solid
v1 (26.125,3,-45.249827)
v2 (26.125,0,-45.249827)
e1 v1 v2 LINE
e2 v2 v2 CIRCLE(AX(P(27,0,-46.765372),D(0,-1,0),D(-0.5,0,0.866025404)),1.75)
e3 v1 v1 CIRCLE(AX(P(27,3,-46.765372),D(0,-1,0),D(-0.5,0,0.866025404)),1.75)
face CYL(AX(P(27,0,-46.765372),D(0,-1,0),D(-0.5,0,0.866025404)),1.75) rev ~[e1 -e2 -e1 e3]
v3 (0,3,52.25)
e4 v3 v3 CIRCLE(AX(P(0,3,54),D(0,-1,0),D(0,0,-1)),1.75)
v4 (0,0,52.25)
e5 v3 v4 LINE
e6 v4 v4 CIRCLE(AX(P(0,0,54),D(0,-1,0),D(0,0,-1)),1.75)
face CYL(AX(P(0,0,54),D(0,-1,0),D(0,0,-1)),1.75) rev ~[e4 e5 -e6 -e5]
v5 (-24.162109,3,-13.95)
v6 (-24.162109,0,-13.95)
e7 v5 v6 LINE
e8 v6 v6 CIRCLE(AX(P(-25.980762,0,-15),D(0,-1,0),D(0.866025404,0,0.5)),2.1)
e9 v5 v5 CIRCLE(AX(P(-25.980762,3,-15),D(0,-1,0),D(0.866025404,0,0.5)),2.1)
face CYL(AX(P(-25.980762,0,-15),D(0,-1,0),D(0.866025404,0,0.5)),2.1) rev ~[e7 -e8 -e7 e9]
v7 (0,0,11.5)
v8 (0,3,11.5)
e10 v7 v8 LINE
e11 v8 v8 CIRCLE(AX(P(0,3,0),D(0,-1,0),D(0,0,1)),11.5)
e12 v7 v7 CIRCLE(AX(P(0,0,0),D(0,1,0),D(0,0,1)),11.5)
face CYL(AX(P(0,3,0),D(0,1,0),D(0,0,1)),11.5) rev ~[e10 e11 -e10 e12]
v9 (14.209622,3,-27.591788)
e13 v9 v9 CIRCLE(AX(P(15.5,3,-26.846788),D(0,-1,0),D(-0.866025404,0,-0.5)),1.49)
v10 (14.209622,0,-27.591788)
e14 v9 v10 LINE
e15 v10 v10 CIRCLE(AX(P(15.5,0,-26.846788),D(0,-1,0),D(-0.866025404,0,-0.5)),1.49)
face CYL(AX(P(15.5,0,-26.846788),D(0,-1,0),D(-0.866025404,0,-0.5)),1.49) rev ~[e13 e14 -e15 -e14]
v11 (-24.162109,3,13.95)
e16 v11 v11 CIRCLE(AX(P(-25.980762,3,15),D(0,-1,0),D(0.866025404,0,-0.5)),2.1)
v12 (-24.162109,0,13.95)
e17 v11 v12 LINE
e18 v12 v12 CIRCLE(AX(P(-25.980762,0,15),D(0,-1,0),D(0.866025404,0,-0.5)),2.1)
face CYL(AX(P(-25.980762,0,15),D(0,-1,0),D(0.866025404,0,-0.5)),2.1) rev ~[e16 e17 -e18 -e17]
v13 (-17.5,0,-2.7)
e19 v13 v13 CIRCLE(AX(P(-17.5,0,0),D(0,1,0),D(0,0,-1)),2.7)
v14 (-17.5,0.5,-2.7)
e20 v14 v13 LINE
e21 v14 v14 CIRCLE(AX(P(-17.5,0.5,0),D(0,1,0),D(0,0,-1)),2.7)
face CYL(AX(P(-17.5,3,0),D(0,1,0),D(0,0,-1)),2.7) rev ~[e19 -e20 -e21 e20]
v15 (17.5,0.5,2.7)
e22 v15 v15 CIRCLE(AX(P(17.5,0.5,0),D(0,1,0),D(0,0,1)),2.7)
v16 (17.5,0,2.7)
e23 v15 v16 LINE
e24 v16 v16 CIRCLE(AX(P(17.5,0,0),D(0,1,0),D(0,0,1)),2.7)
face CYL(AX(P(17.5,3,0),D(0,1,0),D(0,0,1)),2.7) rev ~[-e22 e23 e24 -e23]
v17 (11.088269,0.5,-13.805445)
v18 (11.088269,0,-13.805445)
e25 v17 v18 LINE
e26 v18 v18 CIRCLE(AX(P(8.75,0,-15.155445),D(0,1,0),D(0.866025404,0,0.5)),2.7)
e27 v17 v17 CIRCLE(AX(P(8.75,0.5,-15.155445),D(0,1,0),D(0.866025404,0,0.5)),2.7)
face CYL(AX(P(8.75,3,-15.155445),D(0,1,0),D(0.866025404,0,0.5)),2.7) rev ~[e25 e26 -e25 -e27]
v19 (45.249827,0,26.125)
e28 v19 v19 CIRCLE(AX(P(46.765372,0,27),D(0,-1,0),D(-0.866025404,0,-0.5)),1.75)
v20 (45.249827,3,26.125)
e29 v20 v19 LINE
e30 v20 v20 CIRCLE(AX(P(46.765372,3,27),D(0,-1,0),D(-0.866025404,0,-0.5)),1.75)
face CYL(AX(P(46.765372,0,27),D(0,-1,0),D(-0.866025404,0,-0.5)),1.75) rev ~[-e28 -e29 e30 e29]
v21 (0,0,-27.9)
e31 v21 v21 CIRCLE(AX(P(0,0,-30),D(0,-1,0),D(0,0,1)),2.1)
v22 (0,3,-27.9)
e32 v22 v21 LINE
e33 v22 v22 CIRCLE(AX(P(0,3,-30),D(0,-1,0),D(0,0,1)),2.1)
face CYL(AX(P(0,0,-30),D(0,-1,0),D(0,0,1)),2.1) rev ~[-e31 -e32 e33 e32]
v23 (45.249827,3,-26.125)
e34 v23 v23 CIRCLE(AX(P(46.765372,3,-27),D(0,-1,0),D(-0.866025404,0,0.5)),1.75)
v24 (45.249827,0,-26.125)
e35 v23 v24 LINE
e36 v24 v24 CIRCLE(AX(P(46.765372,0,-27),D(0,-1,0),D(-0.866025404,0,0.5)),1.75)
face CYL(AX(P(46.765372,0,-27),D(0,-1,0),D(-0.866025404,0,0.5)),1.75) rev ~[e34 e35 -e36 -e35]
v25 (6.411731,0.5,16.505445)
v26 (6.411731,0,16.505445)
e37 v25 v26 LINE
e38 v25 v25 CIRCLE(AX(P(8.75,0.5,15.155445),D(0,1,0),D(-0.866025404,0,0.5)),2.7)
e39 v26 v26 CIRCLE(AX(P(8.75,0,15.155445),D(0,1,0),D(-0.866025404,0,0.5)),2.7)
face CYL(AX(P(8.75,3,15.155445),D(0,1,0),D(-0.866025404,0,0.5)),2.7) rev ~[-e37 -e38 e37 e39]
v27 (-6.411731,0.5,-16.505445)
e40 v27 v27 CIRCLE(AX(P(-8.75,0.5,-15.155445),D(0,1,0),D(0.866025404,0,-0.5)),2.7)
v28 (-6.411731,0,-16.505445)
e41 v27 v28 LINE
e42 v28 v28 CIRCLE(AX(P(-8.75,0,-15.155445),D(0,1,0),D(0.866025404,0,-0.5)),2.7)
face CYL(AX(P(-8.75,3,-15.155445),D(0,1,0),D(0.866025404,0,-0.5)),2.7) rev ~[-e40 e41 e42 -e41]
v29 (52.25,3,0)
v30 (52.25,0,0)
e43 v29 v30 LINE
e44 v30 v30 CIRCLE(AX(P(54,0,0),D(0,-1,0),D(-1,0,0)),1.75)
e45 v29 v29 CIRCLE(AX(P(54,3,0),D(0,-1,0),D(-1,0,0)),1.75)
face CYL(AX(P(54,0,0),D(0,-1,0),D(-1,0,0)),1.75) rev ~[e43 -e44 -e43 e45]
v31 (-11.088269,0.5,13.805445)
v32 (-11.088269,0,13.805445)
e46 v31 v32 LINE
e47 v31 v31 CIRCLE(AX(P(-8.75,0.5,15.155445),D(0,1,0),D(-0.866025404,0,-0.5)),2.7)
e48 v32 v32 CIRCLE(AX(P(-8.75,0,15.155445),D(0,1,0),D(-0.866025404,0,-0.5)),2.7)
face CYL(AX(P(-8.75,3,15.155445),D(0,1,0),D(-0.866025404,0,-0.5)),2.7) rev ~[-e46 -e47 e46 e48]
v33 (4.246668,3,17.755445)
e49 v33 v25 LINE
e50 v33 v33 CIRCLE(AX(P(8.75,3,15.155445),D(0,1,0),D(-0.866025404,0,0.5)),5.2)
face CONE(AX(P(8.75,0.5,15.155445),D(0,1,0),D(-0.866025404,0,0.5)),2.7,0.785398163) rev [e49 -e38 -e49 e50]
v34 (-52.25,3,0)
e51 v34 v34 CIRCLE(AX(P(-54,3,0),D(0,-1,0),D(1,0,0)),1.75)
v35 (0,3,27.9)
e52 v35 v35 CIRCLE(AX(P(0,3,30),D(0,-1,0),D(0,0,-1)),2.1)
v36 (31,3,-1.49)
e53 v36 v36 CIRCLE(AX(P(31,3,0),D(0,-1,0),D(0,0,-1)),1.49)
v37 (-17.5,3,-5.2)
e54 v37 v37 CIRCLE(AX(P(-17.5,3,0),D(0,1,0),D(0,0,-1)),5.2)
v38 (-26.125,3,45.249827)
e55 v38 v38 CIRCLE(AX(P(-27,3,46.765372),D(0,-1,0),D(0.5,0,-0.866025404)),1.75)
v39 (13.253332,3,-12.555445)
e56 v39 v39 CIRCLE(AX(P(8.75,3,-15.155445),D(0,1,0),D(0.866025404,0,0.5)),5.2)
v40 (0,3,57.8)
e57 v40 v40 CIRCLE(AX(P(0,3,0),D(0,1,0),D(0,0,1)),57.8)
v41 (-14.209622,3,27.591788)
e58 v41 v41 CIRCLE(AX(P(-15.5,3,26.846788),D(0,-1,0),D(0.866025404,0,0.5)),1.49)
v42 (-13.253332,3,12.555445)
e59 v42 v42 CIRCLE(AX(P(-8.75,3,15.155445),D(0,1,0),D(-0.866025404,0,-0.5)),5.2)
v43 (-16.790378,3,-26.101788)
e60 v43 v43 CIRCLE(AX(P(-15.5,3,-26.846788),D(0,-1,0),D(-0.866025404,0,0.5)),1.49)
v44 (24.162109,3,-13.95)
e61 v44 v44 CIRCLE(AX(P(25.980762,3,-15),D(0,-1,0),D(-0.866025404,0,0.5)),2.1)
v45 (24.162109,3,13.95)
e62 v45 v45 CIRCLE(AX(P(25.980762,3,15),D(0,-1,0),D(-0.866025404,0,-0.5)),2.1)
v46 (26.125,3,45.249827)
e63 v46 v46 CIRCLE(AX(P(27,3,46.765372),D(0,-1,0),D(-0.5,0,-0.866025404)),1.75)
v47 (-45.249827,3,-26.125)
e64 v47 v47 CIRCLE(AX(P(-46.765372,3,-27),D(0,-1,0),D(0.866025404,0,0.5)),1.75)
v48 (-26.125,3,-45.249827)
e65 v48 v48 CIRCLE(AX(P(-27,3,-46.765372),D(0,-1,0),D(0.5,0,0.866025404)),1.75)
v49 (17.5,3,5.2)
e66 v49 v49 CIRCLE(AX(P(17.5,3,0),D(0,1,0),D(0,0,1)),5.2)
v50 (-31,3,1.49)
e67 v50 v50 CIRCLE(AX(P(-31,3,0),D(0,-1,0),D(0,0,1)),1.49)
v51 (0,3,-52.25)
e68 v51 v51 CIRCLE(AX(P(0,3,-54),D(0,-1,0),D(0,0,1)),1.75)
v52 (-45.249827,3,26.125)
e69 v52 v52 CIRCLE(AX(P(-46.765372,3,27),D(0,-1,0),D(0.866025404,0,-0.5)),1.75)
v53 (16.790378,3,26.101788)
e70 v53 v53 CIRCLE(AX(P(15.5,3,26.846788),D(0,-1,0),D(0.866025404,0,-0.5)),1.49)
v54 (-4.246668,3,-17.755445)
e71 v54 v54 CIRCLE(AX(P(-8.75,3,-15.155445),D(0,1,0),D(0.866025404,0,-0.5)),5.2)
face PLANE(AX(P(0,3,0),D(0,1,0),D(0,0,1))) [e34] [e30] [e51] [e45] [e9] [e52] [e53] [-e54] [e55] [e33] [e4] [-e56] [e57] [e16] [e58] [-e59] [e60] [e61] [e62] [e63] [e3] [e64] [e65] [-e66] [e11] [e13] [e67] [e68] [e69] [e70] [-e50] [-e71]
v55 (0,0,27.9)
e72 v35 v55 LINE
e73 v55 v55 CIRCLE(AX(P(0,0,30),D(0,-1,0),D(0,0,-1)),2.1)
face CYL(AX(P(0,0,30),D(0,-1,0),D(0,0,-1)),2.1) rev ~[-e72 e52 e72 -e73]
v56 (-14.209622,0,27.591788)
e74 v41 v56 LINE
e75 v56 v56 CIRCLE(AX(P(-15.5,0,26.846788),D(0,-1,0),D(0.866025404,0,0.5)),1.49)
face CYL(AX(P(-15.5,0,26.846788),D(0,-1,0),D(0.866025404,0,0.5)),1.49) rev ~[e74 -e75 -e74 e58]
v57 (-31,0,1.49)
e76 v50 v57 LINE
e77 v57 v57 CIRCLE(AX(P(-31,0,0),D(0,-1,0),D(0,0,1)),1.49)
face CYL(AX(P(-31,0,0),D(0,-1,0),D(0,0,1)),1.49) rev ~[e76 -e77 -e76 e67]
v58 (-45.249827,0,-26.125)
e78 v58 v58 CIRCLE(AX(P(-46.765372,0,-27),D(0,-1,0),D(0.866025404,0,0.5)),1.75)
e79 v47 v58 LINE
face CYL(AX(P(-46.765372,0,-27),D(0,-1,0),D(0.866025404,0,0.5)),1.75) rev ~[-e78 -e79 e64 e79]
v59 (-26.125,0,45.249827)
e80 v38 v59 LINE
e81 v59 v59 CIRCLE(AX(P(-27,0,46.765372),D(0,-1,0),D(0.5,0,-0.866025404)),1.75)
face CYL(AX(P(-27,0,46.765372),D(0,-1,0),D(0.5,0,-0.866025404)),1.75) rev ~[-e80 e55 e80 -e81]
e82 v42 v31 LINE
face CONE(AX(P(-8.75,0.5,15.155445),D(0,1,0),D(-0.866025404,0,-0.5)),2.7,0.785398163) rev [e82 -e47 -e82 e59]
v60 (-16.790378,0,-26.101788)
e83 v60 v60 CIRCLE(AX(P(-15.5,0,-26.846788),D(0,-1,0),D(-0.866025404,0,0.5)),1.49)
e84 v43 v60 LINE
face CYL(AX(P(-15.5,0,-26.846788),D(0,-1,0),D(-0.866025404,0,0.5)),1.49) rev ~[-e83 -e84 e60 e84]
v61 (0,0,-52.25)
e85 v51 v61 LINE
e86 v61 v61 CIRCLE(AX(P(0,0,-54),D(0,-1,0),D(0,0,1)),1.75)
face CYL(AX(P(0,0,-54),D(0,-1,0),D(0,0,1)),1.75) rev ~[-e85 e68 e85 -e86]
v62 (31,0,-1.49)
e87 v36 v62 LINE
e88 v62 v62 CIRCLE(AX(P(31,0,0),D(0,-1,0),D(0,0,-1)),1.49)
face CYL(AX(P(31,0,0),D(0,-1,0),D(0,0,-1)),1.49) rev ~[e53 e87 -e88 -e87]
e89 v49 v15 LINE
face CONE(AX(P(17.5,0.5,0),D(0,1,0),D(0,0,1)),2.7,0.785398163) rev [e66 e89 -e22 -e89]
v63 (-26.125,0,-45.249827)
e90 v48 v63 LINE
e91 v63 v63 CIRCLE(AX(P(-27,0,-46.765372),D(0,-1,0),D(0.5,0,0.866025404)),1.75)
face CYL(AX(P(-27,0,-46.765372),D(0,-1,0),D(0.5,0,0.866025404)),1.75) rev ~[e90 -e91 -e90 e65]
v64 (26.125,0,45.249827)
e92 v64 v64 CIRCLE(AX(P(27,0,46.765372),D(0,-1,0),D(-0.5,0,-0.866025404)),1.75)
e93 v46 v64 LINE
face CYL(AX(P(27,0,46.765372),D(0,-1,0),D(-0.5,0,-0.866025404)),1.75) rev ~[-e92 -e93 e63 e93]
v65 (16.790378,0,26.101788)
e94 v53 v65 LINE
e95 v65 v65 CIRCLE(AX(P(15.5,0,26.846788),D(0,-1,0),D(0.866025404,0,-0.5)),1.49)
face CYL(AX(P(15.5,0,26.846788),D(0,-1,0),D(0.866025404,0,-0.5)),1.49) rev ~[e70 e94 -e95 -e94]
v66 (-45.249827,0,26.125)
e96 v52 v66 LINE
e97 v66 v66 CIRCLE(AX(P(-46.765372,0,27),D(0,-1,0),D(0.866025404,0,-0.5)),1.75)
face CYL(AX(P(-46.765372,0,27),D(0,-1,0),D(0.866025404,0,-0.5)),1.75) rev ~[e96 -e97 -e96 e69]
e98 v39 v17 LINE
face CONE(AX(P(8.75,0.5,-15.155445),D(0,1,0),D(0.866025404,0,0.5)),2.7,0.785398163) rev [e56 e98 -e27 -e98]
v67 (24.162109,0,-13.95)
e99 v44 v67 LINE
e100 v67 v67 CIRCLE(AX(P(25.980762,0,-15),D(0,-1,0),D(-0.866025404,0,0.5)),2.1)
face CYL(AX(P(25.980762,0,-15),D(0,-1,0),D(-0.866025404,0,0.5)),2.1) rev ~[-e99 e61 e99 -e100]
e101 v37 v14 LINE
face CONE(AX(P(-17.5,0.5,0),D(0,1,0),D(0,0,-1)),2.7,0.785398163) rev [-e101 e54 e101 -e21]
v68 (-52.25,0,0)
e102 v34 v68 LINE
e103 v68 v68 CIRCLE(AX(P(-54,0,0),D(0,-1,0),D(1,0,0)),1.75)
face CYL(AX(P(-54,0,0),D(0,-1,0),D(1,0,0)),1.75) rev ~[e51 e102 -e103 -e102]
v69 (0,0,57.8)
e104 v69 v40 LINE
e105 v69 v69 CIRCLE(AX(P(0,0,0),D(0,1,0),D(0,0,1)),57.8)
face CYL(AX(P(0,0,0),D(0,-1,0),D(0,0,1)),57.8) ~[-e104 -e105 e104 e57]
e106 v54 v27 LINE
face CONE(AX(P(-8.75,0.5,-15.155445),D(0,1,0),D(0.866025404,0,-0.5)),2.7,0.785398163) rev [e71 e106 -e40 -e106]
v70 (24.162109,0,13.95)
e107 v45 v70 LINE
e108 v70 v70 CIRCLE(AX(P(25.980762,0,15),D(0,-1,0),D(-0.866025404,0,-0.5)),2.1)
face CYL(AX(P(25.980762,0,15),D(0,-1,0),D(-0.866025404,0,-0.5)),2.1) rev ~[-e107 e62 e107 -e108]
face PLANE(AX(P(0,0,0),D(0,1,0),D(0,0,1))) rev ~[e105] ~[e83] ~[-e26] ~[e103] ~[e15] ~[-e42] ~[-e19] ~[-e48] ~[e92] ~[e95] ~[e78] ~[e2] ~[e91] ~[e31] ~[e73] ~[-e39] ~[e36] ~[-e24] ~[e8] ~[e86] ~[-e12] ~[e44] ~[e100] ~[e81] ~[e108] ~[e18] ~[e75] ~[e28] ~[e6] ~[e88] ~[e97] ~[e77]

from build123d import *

# Parameters (mm, degrees)
SKETCH_1_R               = 57.8
EXTRUDE_1_DEPTH          = 3
SKETCH_2_R               = 1.75
CUT_EXTRUDE_1_DEPTH      = 82.796576945
PATTERN_CIRCULAR_1_COUNT = 12
SKETCH_3_R               = 2.1
CUT_EXTRUDE_2_DEPTH      = 82.796576945
PATTERN_CIRCULAR_2_COUNT = 6
SKETCH_4_R               = 1.49
CUT_EXTRUDE_3_DEPTH      = 82.796576945
PATTERN_CIRCULAR_3_COUNT = 6
SKETCH_5_R               = 2.7
SKETCH_5_R_2             = 11.5
CUT_EXTRUDE_4_DEPTH      = 82.796576945
PATTERN_CIRCULAR_4_COUNT = 6
CHAMFER_1_SIZE           = 2.5


with BuildPart() as part:
    # 草图1 → 凸台-拉伸1 (new body)
    with BuildSketch(Plane(origin=(0, 0, 0), x_dir=(1, 0, 0), z_dir=(0, 1, 0))):
        with Locations(Location((0, 0, 0), (0, 0, 270))):
            Circle(SKETCH_1_R)
    extrude(amount=EXTRUDE_1_DEPTH)

    # 草图2 → 切除-拉伸1 (cut, symmetric)
    with BuildSketch(Plane.XZ):
        with Locations(Location((0, 54, 0), (0, 0, 270))):
            Circle(SKETCH_2_R)
    cut_extrude_1 = extrude(amount=CUT_EXTRUDE_1_DEPTH, both=True, mode=Mode.SUBTRACT)

    # 阵列(圆周)1: 切除-拉伸1 ×12 about axis
    pattern_circular_1_axis = Axis((0, 0, 0), (0, 1, 0))
    for i in range(1, PATTERN_CIRCULAR_1_COUNT):
        add(cut_extrude_1.rotate(pattern_circular_1_axis, i * 360 / PATTERN_CIRCULAR_1_COUNT), mode=Mode.SUBTRACT)

    # 草图3 → 切除-拉伸2 (cut, symmetric)
    with BuildSketch(Plane.XZ):
        with Locations(Location((0, 30, 0), (0, 0, 270))):
            Circle(SKETCH_3_R)
    cut_extrude_2 = extrude(amount=CUT_EXTRUDE_2_DEPTH, both=True, mode=Mode.SUBTRACT)

    # 阵列(圆周)2: 切除-拉伸2 ×6 about axis
    pattern_circular_2_axis = Axis((0, 0, 0), (0, 1, 0))
    for i in range(1, PATTERN_CIRCULAR_2_COUNT):
        add(cut_extrude_2.rotate(pattern_circular_2_axis, i * 360 / PATTERN_CIRCULAR_2_COUNT), mode=Mode.SUBTRACT)

    # 草图4 → 切除-拉伸3 (cut, symmetric)
    with BuildSketch(Plane.XZ):
        with Locations(Location((31, 0, 0), (0, 0, 270))):
            Circle(SKETCH_4_R)
    cut_extrude_3 = extrude(amount=CUT_EXTRUDE_3_DEPTH, both=True, mode=Mode.SUBTRACT)

    # 阵列(圆周)3: 切除-拉伸3 ×6 about axis
    pattern_circular_3_axis = Axis((0, 0, 0), (0, 1, 0))
    for i in range(1, PATTERN_CIRCULAR_3_COUNT):
        add(cut_extrude_3.rotate(pattern_circular_3_axis, i * 360 / PATTERN_CIRCULAR_3_COUNT), mode=Mode.SUBTRACT)

    # 草图5 → 切除-拉伸4 (cut, symmetric)
    with BuildSketch(Plane(origin=(0, 3, 0), x_dir=(1, 0, 0), z_dir=(0, 1, 0))):
        with Locations(Location((17.5, 0, 0), (0, 0, 270))):
            Circle(SKETCH_5_R)
        with Locations(Location((0, 0, 0), (0, 0, 270))):
            Circle(SKETCH_5_R_2)
    cut_extrude_4 = extrude(amount=CUT_EXTRUDE_4_DEPTH, both=True, mode=Mode.SUBTRACT)

    # 阵列(圆周)4: 切除-拉伸4 ×6 about axis
    pattern_circular_4_axis = Axis((0, 0, 0), (0, 1, 0))
    for i in range(1, PATTERN_CIRCULAR_4_COUNT):
        add(cut_extrude_4.rotate(pattern_circular_4_axis, i * 360 / PATTERN_CIRCULAR_4_COUNT), mode=Mode.SUBTRACT)

    # 倒角1
    chamfer_1_edges = [part.edges().sort_by_distance(p)[0] for p in [
        (17.5, 3, -2.7),
        (-11.08826859, 3, -13.805444566),
        (6.41173141, 3, -16.505444566),
        (-6.41173141, 3, 16.505444566),
        (-17.5, 3, 2.7),
        (11.08826859, 3, 13.805444566),
    ]]
    chamfer(chamfer_1_edges, length=CHAMFER_1_SIZE)


solid = part.part
